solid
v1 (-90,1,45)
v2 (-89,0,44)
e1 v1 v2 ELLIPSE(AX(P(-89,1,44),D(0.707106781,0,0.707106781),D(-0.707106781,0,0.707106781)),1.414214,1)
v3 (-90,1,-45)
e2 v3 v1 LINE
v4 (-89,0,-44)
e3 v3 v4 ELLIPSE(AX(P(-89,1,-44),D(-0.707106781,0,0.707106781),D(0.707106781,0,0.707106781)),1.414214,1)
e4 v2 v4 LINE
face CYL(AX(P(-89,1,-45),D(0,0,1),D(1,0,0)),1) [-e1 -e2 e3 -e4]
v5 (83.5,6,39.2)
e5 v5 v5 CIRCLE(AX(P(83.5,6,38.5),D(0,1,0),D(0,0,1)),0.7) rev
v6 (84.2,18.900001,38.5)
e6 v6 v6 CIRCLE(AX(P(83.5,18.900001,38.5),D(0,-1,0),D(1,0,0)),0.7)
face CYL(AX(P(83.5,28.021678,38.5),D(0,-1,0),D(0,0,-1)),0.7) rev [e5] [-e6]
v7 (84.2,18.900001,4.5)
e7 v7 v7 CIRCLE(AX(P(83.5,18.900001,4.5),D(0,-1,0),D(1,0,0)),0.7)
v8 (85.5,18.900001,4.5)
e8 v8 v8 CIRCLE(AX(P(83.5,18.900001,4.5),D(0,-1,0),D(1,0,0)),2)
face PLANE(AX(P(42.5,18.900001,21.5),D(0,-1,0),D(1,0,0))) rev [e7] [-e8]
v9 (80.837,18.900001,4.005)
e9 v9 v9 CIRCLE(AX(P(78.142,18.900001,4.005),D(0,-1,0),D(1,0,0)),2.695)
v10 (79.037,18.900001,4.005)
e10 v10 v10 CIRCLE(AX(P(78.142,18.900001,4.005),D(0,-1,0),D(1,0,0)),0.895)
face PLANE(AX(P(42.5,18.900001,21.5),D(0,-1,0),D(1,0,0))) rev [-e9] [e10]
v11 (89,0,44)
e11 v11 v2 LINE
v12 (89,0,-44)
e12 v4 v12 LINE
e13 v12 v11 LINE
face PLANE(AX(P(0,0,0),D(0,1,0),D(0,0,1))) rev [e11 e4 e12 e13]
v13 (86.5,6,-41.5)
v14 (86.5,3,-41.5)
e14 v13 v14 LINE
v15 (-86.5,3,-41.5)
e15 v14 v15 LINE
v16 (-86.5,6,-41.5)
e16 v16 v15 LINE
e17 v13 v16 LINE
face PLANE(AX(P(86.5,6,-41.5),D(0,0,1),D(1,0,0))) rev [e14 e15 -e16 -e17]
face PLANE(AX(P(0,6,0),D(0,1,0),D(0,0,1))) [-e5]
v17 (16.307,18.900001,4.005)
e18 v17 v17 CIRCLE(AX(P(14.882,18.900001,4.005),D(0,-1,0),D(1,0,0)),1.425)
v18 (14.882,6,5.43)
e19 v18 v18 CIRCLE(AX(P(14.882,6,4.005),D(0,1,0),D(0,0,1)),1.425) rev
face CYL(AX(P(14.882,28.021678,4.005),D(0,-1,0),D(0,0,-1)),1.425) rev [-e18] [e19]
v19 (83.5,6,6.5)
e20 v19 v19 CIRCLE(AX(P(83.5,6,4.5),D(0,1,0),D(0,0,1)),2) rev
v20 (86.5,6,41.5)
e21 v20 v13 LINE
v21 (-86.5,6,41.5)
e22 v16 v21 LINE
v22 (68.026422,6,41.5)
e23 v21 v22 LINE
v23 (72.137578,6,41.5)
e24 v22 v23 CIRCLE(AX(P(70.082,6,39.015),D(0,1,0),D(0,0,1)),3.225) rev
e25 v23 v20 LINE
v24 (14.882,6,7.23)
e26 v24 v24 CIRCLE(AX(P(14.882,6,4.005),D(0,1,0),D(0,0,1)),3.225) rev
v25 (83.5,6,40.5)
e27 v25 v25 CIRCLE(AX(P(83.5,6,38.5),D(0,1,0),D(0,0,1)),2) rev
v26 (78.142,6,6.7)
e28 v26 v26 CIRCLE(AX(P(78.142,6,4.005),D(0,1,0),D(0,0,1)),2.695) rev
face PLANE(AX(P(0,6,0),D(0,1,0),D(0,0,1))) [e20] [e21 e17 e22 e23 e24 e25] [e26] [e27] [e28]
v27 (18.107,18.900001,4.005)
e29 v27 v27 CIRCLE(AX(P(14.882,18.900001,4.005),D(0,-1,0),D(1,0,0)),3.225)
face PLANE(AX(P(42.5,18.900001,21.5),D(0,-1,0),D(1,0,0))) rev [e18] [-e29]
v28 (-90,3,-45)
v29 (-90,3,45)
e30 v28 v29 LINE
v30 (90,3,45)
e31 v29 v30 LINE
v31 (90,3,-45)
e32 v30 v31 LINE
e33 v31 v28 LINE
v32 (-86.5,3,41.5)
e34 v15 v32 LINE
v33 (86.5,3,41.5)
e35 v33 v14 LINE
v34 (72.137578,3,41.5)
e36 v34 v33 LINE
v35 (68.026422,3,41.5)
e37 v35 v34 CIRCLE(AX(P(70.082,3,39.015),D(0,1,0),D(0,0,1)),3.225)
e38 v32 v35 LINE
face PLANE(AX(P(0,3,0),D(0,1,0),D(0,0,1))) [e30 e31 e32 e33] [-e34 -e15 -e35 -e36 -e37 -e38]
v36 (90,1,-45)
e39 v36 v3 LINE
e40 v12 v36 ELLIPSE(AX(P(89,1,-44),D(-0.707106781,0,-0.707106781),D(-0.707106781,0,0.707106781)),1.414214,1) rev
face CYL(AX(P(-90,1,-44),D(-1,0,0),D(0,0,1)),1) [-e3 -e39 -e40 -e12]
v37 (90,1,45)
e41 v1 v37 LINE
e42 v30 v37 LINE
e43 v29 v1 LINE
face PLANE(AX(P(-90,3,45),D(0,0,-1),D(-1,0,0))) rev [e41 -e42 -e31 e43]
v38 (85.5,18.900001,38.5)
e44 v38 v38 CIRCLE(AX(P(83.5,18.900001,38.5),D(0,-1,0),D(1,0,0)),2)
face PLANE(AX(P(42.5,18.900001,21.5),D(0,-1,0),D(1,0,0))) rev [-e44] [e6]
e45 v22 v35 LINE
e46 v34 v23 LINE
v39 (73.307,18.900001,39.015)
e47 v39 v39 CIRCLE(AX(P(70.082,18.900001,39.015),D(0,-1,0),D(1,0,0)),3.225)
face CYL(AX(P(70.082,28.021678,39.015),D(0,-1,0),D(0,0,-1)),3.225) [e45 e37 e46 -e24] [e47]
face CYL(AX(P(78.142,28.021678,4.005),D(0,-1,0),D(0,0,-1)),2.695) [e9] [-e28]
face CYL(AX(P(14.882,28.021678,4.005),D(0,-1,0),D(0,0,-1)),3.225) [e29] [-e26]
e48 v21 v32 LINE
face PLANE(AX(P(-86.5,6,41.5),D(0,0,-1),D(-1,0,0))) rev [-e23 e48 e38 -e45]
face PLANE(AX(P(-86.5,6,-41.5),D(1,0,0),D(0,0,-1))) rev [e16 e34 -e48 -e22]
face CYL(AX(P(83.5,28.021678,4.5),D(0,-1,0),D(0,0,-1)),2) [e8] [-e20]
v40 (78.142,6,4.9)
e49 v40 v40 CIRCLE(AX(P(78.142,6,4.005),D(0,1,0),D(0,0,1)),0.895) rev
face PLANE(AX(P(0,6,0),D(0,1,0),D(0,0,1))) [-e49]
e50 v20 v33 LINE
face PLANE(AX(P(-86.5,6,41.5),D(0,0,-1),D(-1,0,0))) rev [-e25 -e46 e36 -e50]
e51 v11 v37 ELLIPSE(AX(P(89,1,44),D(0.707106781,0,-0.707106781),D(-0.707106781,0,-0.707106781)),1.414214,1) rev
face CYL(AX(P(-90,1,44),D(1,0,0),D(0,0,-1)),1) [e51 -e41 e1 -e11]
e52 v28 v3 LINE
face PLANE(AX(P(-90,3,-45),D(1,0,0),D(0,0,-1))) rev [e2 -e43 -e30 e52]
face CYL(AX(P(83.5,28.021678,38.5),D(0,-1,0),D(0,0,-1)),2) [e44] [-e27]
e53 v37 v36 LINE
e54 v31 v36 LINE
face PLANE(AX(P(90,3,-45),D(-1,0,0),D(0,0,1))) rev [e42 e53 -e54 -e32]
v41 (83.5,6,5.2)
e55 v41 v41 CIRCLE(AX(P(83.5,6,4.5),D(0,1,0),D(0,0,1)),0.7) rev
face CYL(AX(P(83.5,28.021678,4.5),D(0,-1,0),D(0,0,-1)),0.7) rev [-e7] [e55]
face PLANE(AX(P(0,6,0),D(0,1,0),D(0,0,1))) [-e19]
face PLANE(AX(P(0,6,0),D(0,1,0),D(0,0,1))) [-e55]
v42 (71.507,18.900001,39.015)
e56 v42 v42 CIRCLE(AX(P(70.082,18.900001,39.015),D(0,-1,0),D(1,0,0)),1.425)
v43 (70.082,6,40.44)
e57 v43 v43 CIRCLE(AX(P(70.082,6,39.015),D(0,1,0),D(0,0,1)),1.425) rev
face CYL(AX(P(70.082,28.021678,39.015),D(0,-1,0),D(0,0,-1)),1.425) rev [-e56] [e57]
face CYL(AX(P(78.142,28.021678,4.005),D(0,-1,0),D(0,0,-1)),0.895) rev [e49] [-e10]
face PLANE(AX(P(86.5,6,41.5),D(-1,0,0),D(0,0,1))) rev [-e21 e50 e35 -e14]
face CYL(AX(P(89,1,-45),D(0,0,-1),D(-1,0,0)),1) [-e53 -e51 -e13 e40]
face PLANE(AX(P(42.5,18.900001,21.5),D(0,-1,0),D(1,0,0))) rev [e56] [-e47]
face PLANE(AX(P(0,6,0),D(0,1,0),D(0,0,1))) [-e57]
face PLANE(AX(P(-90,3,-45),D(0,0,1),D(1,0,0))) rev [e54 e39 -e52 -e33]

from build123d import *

# Parameters (mm, degrees)
SKETCH_1_W      = 180
SKETCH_1_H      = 90
EXTRUDE_1_DEPTH = 3
FILLET_1_R      = 1
SKETCH_2_W      = 173
SKETCH_2_H      = 83
EXTRUDE_2_DEPTH = 3
SKETCH_5_R      = 2.695
SKETCH_5_R_2    = 0.895
SKETCH_5_R_3    = 2
SKETCH_5_R_4    = 0.7
SKETCH_5_R_5    = 3.225
SKETCH_5_R_6    = 1.425
EXTRUDE_3_DEPTH = 15.90000066


with BuildPart() as part:
    # 草图1 → 凸台-拉伸1 (new body)
    with BuildSketch(Plane(origin=(0, 0, 0), x_dir=(1, 0, 0), z_dir=(0, 1, 0))):
        Rectangle(SKETCH_1_W, SKETCH_1_H)
    extrude(amount=EXTRUDE_1_DEPTH)

    # 圆角1
    fillet_1_edges = [part.edges().sort_by_distance(p)[0] for p in [
        (0, 0, -45),
        (90, 0, 0),
        (0, 0, 45),
        (-90, 0, 0),
    ]]
    fillet(fillet_1_edges, radius=FILLET_1_R)

    # 草图2 → 凸台-拉伸2 (add)
    with BuildSketch(Plane(origin=(0, 3, 0), x_dir=(1, 0, 0), z_dir=(0, 1, 0))):
        Rectangle(SKETCH_2_W, SKETCH_2_H)
    extrude(amount=EXTRUDE_2_DEPTH)

    # 草图5 → 凸台-拉伸3 (add)
    # profile 1 of 5: a face of its own
    with BuildSketch(Plane(origin=(0, 3, 0), x_dir=(1, 0, 0), z_dir=(0, 1, 0))):
        with Locations((78.142, -4.005)):
            Circle(SKETCH_5_R)
        with Locations((78.142, -4.005)):
            Circle(SKETCH_5_R_2, mode=Mode.SUBTRACT)
    # profile 2 of 5: a face of its own
    with BuildSketch(Plane(origin=(0, 3, 0), x_dir=(1, 0, 0), z_dir=(0, 1, 0))):
        with Locations((83.5, -4.5)):
            Circle(SKETCH_5_R_3)
        with Locations((83.5, -4.5)):
            Circle(SKETCH_5_R_4, mode=Mode.SUBTRACT)
    # profile 3 of 5: a face of its own
    with BuildSketch(Plane(origin=(0, 3, 0), x_dir=(1, 0, 0), z_dir=(0, 1, 0))):
        with Locations((83.5, -38.5)):
            Circle(SKETCH_5_R_3)
        with Locations((83.5, -38.5)):
            Circle(SKETCH_5_R_4, mode=Mode.SUBTRACT)
    # profile 4 of 5: a face of its own
    with BuildSketch(Plane(origin=(0, 3, 0), x_dir=(1, 0, 0), z_dir=(0, 1, 0))):
        with Locations((14.882, -4.005)):
            Circle(SKETCH_5_R_5)
        with Locations((14.882, -4.005)):
            Circle(SKETCH_5_R_6, mode=Mode.SUBTRACT)
    # profile 5 of 5: a face of its own
    with BuildSketch(Plane(origin=(0, 3, 0), x_dir=(1, 0, 0), z_dir=(0, 1, 0))):
        with Locations((70.082, -39.015)):
            Circle(SKETCH_5_R_5)
        with Locations((70.082, -39.015)):
            Circle(SKETCH_5_R_6, mode=Mode.SUBTRACT)
    extrude(amount=EXTRUDE_3_DEPTH)


solid = part.part
